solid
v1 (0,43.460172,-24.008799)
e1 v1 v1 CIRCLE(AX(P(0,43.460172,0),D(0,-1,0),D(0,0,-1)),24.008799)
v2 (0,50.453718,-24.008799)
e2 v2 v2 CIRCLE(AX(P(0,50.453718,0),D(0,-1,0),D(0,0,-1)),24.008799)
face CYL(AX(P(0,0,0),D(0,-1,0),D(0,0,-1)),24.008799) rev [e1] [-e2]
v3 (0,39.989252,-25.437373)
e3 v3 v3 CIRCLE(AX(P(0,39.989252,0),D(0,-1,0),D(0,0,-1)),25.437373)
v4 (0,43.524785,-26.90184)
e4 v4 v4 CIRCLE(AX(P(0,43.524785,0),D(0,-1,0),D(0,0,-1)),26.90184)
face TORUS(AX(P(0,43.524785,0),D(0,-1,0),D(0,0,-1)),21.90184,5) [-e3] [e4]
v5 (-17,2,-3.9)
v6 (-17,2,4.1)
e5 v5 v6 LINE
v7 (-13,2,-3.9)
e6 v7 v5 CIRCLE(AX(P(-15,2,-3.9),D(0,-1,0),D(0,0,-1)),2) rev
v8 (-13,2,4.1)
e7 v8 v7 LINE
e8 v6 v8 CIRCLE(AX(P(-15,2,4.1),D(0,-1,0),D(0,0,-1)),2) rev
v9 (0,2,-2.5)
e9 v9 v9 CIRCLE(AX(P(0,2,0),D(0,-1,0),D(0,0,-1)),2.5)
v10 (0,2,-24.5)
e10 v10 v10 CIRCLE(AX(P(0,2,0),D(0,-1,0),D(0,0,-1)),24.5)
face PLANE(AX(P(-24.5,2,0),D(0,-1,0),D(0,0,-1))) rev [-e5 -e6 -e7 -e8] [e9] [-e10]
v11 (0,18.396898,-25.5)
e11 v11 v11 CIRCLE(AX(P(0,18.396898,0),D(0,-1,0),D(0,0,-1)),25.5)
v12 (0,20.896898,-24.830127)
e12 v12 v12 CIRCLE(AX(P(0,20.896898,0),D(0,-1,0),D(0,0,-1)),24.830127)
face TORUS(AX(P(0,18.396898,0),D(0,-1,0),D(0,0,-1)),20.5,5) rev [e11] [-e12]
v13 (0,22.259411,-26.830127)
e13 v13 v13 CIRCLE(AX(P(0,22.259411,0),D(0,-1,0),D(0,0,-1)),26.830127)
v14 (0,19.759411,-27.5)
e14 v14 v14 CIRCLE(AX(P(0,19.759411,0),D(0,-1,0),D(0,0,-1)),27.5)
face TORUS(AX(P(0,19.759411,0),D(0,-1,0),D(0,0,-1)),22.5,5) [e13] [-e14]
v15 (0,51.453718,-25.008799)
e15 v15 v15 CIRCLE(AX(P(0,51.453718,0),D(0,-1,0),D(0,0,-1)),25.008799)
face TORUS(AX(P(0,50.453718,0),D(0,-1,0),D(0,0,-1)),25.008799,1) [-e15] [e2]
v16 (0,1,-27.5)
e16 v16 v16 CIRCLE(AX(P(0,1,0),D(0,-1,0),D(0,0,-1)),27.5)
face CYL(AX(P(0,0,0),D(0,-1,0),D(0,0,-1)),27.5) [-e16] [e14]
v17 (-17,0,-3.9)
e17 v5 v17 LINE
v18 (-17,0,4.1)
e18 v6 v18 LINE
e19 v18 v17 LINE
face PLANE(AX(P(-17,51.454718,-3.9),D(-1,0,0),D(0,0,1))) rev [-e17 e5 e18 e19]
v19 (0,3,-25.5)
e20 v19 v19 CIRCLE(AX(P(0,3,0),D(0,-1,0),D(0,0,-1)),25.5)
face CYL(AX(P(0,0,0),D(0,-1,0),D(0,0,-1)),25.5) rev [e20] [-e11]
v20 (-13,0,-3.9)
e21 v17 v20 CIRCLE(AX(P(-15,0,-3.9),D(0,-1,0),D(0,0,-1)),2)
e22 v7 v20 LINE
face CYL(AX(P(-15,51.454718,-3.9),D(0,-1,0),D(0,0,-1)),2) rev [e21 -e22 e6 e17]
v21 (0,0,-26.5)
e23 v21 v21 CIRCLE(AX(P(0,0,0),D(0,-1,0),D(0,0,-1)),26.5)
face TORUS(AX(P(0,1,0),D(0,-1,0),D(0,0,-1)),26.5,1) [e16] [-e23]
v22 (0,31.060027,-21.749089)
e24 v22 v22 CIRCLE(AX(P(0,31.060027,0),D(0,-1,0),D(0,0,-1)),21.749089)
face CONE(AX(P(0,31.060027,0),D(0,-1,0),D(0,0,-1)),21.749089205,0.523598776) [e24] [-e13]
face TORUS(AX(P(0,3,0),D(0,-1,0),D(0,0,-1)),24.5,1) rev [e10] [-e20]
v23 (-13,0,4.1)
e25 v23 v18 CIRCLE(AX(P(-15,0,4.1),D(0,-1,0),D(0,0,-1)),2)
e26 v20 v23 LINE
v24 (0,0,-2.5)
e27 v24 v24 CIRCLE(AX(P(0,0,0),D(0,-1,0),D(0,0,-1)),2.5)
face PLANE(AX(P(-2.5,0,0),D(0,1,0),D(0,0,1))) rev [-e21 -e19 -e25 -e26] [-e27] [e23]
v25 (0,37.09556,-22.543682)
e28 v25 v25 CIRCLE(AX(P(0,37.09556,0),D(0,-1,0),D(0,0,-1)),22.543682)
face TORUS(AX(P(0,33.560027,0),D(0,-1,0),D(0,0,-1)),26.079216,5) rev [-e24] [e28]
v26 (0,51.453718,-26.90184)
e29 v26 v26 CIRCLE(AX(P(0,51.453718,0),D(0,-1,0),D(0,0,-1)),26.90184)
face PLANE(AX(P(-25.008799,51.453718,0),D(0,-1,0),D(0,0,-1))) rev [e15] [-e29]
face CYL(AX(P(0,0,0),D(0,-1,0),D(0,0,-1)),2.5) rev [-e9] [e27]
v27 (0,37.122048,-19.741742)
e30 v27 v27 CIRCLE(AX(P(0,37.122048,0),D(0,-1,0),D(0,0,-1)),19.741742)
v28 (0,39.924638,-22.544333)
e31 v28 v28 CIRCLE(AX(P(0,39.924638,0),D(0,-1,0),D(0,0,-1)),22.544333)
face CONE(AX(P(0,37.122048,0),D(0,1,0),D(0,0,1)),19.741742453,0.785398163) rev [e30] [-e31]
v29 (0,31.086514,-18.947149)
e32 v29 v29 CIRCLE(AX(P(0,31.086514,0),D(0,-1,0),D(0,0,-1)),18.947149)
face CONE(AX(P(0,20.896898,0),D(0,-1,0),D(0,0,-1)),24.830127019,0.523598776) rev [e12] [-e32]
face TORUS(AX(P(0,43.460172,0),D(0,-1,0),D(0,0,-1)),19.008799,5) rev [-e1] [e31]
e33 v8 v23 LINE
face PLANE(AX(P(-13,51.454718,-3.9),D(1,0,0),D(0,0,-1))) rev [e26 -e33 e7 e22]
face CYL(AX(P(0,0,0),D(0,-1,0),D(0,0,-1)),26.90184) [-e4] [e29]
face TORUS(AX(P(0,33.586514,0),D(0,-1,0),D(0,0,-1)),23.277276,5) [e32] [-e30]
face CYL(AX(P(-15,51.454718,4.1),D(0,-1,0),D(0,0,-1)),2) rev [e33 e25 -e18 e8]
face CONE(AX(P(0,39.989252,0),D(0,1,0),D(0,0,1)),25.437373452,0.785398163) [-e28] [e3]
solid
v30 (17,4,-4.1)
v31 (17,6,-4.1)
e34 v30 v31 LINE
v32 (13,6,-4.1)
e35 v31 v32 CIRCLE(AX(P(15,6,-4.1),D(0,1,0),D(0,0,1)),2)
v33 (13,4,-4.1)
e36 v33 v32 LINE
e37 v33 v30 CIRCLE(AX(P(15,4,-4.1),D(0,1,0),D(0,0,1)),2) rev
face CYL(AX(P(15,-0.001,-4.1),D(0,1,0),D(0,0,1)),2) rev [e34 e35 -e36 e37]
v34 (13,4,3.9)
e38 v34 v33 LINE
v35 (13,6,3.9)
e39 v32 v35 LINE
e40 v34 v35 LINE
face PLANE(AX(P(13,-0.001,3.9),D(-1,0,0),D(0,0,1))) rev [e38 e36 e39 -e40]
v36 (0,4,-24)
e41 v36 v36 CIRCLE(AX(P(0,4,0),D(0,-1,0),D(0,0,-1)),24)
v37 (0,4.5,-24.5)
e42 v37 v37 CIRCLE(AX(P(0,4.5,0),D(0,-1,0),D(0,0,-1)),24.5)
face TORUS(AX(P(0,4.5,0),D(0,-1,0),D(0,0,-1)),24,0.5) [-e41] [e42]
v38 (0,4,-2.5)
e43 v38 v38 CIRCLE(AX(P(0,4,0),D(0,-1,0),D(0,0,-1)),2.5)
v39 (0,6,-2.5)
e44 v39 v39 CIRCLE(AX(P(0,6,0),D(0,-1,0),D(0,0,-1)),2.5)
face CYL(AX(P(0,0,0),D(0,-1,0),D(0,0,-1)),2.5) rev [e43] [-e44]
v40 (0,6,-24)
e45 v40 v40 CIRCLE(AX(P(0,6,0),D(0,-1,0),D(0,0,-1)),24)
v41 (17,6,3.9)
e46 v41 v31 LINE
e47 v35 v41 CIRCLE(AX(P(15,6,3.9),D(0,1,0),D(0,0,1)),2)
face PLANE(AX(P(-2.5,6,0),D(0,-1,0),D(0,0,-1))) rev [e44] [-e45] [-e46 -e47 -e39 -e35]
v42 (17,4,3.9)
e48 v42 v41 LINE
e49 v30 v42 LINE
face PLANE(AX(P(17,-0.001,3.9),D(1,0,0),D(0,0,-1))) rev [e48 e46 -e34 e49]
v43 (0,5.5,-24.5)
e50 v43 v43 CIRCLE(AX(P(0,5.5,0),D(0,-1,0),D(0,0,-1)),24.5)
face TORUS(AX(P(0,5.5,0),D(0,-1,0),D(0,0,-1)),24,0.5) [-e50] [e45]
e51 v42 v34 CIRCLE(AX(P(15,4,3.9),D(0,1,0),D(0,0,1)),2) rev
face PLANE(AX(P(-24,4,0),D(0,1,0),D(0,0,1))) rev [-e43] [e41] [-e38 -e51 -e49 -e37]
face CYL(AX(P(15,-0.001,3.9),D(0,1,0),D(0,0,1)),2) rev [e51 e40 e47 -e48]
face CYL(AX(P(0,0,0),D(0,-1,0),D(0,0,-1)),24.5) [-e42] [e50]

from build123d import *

# Parameters (mm, degrees)
CUT_EXTRUDE_2_REACH = 61.821
CUT_EXTRUDE_4_REACH = 66.498


with BuildPart() as part:
    # 草圖6 → 旋轉1 (revolve)
    with BuildSketch(Plane.XY, mode=Mode.PRIVATE) as revolve_1_sk:
        with BuildLine():
            Line((-2.5, 0), (-26.5, 0))
            ThreePointArc((-26.5, 0), (-27.207106781, 0.292893219), (-27.5, 1))
            Line((-27.5, 1), (-27.5, 19.759410868))
            ThreePointArc((-27.5, 19.759410868), (-27.329629131, 21.053506094), (-26.830127019, 22.259410868))
            Line((-26.830127019, 22.259410868), (-21.749089205, 31.060026518))
            ThreePointArc((-21.749089205, 31.060026518), (-21.121991917, 34.212657479), (-22.543682318, 37.095560424))
            Line((-22.543682318, 37.095560424), (-25.437373452, 39.989251558))
            ThreePointArc((-25.437373452, 39.989251558), (-26.521237209, 41.611368303), (-26.901839547, 43.524785464))
            Line((-26.901839547, 43.524785464), (-26.901839547, 51.453717653))
            Line((-26.901839547, 51.453717653), (-25.008799303, 51.453717653))
            ThreePointArc((-25.008799303, 51.453717653), (-24.301692522, 51.160824434), (-24.008799303, 50.453717653))
            Line((-24.008799303, 50.453717653), (-24.008799303, 43.460172345))
            ThreePointArc((-24.008799303, 43.460172345), (-23.628196965, 41.546755184), (-22.544333209, 39.92463844))
            Line((-22.544333209, 39.92463844), (-19.741742453, 37.122047684))
            ThreePointArc((-19.741742453, 37.122047684), (-18.320052052, 34.239144739), (-18.94714934, 31.086513778))
            Line((-18.94714934, 31.086513778), (-24.830127019, 20.896897538))
            ThreePointArc((-24.830127019, 20.896897538), (-25.329629131, 19.690992764), (-25.5, 18.396897538))
            Line((-25.5, 18.396897538), (-25.5, 3))
            ThreePointArc((-25.5, 3), (-25.207106781, 2.292893219), (-24.5, 2))
            Line((-24.5, 2), (-2.5, 2))
            Line((-2.5, 2), (-2.5, 0))
        make_face()
        with BuildLine():
            Line((-2.5, 4), (-2.5, 6))
            Line((-2.5, 6), (-24, 6))
            ThreePointArc((-24, 6), (-24.353553391, 5.853553391), (-24.5, 5.5))
            Line((-24.5, 5.5), (-24.5, 4.5))
            ThreePointArc((-24.5, 4.5), (-24.353553391, 4.146446609), (-24, 4))
            Line((-24, 4), (-2.5, 4))
        make_face()
    revolve(revolve_1_sk.sketch.rotate(Axis((0, 0, 0), (0, 1, 0)), 270), axis=Axis((0, 0, 0), (0, 1, 0)))

    # 草圖7 → 除料-伸長2 (cut, up to next)
    with BuildSketch(Plane(origin=(0, 6, 0), x_dir=(1, 0, 0), z_dir=(0, 1, 0)), mode=Mode.PRIVATE) as cut_extrude_2_sk1:
        with BuildLine():
            Line((13, -3.9), (13, 4.1))
            ThreePointArc((13, 4.1), (15, 6.1), (17, 4.1))
            Line((17, 4.1), (17, -3.9))
            ThreePointArc((17, -3.9), (15, -5.9), (13, -3.9))
        make_face()
    cut_extrude_2_tool1 = extrude(cut_extrude_2_sk1.sketch, amount=-CUT_EXTRUDE_2_REACH, mode=Mode.PRIVATE) & part.part
    add(cut_extrude_2_tool1.solids().sort_by_distance((15, 6, -0.1))[0], mode=Mode.SUBTRACT)

    # 草圖8 → 除料-伸長4 (cut, up to next)
    with BuildSketch(Plane.XZ, mode=Mode.PRIVATE) as cut_extrude_4_sk1:
        with BuildLine():
            Line((-17, -3.9), (-17, 4.1))
            ThreePointArc((-17, 4.1), (-15, 6.1), (-13, 4.1))
            Line((-13, 4.1), (-13, -3.9))
            ThreePointArc((-13, -3.9), (-15, -5.9), (-17, -3.9))
        make_face()
    cut_extrude_4_tool1 = extrude(cut_extrude_4_sk1.sketch, amount=-CUT_EXTRUDE_4_REACH, mode=Mode.PRIVATE) & part.part
    add(cut_extrude_4_tool1.solids().sort_by_distance((-15, 0, 0.1))[0], mode=Mode.SUBTRACT)


solid = part.part
